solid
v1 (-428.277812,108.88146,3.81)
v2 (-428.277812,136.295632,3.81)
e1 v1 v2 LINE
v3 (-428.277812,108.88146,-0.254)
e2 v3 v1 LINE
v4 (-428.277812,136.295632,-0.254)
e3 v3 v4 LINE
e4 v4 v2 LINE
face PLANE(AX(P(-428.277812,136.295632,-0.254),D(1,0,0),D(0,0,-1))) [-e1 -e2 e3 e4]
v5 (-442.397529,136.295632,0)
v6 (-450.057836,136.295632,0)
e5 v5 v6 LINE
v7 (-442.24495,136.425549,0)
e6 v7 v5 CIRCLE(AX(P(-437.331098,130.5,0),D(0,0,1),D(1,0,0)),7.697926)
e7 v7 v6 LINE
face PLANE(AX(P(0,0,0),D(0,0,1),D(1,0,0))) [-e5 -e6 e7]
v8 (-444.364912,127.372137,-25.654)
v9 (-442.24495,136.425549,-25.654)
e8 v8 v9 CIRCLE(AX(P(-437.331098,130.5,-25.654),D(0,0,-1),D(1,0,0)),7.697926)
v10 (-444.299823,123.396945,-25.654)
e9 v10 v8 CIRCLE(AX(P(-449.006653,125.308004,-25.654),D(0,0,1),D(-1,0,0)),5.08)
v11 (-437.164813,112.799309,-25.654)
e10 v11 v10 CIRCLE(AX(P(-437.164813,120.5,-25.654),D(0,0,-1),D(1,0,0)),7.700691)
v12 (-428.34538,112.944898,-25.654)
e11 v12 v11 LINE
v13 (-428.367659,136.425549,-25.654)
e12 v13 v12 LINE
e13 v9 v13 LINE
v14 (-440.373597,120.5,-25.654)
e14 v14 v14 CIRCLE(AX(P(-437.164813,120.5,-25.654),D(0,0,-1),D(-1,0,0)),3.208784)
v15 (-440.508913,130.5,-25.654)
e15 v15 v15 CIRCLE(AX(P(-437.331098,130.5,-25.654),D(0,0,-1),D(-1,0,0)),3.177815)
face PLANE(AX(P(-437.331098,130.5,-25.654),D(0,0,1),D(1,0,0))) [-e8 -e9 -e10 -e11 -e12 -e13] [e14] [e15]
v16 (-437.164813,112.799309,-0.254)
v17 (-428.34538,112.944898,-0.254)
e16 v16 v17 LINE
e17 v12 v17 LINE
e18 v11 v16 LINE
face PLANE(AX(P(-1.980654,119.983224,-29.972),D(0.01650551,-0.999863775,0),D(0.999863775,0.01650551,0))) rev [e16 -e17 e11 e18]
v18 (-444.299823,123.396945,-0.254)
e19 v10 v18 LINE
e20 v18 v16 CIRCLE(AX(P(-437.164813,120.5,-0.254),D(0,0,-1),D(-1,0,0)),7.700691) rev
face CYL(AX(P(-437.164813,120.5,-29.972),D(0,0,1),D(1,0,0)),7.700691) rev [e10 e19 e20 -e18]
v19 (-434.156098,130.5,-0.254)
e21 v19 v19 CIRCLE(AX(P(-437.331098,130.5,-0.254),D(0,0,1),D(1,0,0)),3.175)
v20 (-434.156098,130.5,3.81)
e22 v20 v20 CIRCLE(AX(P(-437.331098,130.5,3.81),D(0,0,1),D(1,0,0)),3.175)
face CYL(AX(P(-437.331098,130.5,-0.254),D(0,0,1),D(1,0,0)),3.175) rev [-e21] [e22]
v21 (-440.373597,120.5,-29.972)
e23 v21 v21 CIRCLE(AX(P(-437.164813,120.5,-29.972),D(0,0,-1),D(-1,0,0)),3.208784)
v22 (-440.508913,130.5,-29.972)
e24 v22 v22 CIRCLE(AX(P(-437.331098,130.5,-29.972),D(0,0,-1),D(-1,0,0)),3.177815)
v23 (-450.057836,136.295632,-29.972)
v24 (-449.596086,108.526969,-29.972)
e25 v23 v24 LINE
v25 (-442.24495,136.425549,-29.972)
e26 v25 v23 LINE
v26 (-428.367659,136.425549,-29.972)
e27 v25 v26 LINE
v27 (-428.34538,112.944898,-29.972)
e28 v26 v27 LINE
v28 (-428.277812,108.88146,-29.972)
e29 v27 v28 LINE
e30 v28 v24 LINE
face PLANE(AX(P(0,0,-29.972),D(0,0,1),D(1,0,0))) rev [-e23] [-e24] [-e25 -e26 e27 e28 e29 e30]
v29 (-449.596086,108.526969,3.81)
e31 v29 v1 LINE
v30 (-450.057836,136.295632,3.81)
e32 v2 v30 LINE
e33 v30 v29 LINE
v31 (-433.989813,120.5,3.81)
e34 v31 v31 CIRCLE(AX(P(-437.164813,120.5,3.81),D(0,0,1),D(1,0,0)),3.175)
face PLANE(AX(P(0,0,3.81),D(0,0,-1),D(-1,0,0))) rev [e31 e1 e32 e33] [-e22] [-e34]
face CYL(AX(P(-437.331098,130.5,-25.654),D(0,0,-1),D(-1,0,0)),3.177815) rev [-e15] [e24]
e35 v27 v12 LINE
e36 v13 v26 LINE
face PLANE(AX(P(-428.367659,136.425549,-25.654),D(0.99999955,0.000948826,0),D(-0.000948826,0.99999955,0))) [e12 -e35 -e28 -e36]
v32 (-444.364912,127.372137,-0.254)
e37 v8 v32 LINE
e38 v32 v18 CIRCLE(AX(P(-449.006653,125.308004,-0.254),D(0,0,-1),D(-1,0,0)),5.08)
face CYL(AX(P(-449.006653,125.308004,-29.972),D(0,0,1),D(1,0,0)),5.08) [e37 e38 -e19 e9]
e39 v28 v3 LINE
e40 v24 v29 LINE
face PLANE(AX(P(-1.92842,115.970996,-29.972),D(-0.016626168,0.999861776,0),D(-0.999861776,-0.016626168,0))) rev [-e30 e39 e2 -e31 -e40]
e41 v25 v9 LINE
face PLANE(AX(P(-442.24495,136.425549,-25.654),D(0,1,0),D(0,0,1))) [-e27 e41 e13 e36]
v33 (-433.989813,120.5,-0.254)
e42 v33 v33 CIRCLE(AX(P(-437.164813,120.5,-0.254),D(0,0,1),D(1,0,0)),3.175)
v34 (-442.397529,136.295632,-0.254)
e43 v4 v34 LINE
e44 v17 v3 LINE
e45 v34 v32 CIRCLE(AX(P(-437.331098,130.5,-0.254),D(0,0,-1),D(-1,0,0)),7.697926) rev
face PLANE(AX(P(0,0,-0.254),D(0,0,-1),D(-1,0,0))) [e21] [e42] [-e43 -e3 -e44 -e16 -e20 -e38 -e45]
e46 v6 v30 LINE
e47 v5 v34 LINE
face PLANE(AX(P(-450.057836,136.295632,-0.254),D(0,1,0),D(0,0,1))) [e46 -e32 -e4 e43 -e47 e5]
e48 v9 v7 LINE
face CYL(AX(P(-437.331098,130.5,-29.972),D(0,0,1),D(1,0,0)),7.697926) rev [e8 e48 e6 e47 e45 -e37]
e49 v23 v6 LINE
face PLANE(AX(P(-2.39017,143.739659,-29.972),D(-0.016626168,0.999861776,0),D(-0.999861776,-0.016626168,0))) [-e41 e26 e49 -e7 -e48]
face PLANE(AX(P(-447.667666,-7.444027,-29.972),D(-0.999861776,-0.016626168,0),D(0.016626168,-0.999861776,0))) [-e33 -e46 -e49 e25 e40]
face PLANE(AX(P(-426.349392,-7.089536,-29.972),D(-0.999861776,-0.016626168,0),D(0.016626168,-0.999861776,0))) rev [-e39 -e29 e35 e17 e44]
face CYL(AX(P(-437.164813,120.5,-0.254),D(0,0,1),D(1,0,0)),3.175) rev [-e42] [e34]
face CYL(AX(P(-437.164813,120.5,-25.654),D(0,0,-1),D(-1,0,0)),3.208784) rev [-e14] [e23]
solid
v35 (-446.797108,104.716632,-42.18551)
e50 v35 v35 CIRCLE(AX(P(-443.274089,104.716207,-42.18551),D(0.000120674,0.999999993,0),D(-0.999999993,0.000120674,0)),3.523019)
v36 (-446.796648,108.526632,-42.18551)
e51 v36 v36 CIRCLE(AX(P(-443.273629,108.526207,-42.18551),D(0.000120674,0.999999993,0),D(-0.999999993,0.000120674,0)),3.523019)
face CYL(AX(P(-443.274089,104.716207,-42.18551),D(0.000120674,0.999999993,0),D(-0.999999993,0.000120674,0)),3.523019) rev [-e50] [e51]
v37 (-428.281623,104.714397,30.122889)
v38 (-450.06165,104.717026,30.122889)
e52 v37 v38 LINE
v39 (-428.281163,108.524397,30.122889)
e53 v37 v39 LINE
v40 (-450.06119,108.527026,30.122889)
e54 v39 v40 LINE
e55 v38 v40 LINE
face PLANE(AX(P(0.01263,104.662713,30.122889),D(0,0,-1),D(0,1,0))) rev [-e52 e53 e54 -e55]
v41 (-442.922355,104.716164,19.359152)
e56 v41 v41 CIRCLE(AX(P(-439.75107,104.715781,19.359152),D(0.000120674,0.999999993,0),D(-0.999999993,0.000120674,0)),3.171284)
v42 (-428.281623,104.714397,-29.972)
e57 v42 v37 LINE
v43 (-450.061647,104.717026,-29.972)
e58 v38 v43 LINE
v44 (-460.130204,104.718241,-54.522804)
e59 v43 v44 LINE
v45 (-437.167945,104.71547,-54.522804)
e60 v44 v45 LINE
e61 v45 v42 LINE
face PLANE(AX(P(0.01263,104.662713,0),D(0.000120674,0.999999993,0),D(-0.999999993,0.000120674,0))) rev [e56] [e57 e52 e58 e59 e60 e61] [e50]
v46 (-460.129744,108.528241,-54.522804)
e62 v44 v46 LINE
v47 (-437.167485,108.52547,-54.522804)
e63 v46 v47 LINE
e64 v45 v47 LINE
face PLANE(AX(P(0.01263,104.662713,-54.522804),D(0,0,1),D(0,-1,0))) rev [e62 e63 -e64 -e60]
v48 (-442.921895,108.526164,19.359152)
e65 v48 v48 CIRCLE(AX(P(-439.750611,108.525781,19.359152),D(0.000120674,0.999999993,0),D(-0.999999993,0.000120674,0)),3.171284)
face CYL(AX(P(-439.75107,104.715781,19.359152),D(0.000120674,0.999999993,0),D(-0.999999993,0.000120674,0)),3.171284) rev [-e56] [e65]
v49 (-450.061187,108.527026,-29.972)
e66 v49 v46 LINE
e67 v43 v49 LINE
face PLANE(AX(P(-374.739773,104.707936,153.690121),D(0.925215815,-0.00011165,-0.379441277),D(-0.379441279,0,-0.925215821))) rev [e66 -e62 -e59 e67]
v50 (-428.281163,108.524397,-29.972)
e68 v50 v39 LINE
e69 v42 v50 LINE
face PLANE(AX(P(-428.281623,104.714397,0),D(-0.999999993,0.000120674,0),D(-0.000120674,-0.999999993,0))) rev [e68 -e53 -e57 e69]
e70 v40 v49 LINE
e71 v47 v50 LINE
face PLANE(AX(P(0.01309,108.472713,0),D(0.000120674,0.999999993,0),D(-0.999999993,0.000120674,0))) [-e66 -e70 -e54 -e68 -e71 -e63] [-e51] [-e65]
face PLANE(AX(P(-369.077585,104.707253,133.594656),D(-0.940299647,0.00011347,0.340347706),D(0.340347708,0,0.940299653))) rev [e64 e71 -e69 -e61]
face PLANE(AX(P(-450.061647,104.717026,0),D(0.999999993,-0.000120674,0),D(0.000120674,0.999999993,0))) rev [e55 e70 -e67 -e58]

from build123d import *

# Parameters (mm, degrees)
BOSS_EXTRUDE1_DEPTH      = 29.972
BOSS_EXTRUDE2_DEPTH      = 3.81
BOSS_EXTRUDE2_DEPTH_BACK = 0.254
SKETCH4_R                = 3.175
BOSS_EXTRUDE3_START      = -4.318
SKETCH6_R                = 3.177814596
SKETCH6_R_2              = 3.208783605
BOSS_EXTRUDE3_DEPTH      = 4.318
SKETCH7_R                = 3.171284257
SKETCH7_R_2              = 3.52301874
BOSS_EXTRUDE4_DEPTH      = 3.81


with BuildPart() as part:
    # Sketch1 → Boss-Extrude1 (new body)
    with BuildSketch(Plane.XY):
        with BuildLine():
            Line((-428.277811685, 108.881459693), (-428.34538043, 112.94489795))
            Line((-428.34538043, 112.94489795), (-437.164813366, 112.799308879))
            ThreePointArc((-437.164813366, 112.799308879), (-443.55265803, 116.199292583), (-444.299822548, 123.396944549))
            ThreePointArc((-444.299822548, 123.396944549), (-443.927333751, 125.391172793), (-444.36491239, 127.372136984))
            ThreePointArc((-444.36491239, 127.372136984), (-444.826279861, 132.255084277), (-442.244950431, 136.42554859))
            Line((-442.244950431, 136.42554859), (-450.05783618, 136.295632285))
            Line((-450.05783618, 136.295632285), (-449.596085914, 108.526969495))
            Line((-449.596085914, 108.526969495), (-428.277811685, 108.881459693))
        make_face()
    extrude(amount=-BOSS_EXTRUDE1_DEPTH)

    # Sketch4 → Boss-Extrude2 (add, two sides: drawn at the far end of the back side and taken through both)
    with BuildSketch(Plane.XY.offset(-BOSS_EXTRUDE2_DEPTH_BACK)):
        Polygon((-450.05783618, 136.295632285), (-449.596085914, 108.526969495), (-428.277811685, 108.881459693), (-428.277811685, 136.295632285), align=None)
        with Locations((-437.164813366, 120.5)):
            Circle(SKETCH4_R, mode=Mode.SUBTRACT)
        with Locations((-437.331098026, 130.5)):
            Circle(SKETCH4_R, mode=Mode.SUBTRACT)
    extrude(amount=BOSS_EXTRUDE2_DEPTH + BOSS_EXTRUDE2_DEPTH_BACK)

    # Sketch6 → Boss-Extrude3 (add)
    with BuildSketch(Plane(origin=(0, 0, -29.972), x_dir=(-1, 0, 0), z_dir=(0, 0, -1)).offset(BOSS_EXTRUDE3_START)):
        with BuildLine():
            Line((442.244950431, 136.42554859), (428.367659487, 136.42554859))
            Line((428.367659487, 136.42554859), (428.34538043, 112.94489795))
            Line((428.34538043, 112.94489795), (437.164813366, 112.799308879))
            ThreePointArc((437.164813366, 112.799308879), (443.55265803, 116.199292583), (444.299822548, 123.396944549))
            ThreePointArc((444.299822548, 123.396944549), (443.927333751, 125.391172793), (444.36491239, 127.372136984))
            ThreePointArc((444.36491239, 127.372136984), (444.826279861, 132.255084277), (442.244950431, 136.42554859))
        make_face()
        with Locations((437.331098026, 130.5)):
            Circle(SKETCH6_R, mode=Mode.SUBTRACT)
        with Locations((437.164813366, 120.5)):
            Circle(SKETCH6_R_2, mode=Mode.SUBTRACT)
    extrude(amount=BOSS_EXTRUDE3_DEPTH)


with BuildPart() as body_2:
    # Sketch7 → Boss-Extrude4 (new body)
    with BuildSketch(Plane(origin=(0.013089851, 108.472713295, 0), x_dir=(0.9999999927188763, -0.00012067413737196964, 0), z_dir=(0.00012067413737196965, 0.9999999927188764, 3.026052666249046e-15))):
        Polygon((-428.294255925, 29.972), (-428.294255925, -3.81), (-428.294255925, -30.122888974), (-450.074280261, -30.122888974), (-450.074280261, -3.81), (-450.074280261, 29.972), (-460.142837278, 54.522803602), (-437.18058237, 54.522803602), align=None)
        with Locations(Location((-439.763703675, -19.359151609, 0), (0, 0, 180))):
            Circle(SKETCH7_R, mode=Mode.SUBTRACT)
        with Locations(Location((-443.286722414, 42.185510265, 0), (0, 0, 180))):
            Circle(SKETCH7_R_2, mode=Mode.SUBTRACT)
    extrude(amount=-BOSS_EXTRUDE4_DEPTH)


solid = Compound([part.part, body_2.part])
